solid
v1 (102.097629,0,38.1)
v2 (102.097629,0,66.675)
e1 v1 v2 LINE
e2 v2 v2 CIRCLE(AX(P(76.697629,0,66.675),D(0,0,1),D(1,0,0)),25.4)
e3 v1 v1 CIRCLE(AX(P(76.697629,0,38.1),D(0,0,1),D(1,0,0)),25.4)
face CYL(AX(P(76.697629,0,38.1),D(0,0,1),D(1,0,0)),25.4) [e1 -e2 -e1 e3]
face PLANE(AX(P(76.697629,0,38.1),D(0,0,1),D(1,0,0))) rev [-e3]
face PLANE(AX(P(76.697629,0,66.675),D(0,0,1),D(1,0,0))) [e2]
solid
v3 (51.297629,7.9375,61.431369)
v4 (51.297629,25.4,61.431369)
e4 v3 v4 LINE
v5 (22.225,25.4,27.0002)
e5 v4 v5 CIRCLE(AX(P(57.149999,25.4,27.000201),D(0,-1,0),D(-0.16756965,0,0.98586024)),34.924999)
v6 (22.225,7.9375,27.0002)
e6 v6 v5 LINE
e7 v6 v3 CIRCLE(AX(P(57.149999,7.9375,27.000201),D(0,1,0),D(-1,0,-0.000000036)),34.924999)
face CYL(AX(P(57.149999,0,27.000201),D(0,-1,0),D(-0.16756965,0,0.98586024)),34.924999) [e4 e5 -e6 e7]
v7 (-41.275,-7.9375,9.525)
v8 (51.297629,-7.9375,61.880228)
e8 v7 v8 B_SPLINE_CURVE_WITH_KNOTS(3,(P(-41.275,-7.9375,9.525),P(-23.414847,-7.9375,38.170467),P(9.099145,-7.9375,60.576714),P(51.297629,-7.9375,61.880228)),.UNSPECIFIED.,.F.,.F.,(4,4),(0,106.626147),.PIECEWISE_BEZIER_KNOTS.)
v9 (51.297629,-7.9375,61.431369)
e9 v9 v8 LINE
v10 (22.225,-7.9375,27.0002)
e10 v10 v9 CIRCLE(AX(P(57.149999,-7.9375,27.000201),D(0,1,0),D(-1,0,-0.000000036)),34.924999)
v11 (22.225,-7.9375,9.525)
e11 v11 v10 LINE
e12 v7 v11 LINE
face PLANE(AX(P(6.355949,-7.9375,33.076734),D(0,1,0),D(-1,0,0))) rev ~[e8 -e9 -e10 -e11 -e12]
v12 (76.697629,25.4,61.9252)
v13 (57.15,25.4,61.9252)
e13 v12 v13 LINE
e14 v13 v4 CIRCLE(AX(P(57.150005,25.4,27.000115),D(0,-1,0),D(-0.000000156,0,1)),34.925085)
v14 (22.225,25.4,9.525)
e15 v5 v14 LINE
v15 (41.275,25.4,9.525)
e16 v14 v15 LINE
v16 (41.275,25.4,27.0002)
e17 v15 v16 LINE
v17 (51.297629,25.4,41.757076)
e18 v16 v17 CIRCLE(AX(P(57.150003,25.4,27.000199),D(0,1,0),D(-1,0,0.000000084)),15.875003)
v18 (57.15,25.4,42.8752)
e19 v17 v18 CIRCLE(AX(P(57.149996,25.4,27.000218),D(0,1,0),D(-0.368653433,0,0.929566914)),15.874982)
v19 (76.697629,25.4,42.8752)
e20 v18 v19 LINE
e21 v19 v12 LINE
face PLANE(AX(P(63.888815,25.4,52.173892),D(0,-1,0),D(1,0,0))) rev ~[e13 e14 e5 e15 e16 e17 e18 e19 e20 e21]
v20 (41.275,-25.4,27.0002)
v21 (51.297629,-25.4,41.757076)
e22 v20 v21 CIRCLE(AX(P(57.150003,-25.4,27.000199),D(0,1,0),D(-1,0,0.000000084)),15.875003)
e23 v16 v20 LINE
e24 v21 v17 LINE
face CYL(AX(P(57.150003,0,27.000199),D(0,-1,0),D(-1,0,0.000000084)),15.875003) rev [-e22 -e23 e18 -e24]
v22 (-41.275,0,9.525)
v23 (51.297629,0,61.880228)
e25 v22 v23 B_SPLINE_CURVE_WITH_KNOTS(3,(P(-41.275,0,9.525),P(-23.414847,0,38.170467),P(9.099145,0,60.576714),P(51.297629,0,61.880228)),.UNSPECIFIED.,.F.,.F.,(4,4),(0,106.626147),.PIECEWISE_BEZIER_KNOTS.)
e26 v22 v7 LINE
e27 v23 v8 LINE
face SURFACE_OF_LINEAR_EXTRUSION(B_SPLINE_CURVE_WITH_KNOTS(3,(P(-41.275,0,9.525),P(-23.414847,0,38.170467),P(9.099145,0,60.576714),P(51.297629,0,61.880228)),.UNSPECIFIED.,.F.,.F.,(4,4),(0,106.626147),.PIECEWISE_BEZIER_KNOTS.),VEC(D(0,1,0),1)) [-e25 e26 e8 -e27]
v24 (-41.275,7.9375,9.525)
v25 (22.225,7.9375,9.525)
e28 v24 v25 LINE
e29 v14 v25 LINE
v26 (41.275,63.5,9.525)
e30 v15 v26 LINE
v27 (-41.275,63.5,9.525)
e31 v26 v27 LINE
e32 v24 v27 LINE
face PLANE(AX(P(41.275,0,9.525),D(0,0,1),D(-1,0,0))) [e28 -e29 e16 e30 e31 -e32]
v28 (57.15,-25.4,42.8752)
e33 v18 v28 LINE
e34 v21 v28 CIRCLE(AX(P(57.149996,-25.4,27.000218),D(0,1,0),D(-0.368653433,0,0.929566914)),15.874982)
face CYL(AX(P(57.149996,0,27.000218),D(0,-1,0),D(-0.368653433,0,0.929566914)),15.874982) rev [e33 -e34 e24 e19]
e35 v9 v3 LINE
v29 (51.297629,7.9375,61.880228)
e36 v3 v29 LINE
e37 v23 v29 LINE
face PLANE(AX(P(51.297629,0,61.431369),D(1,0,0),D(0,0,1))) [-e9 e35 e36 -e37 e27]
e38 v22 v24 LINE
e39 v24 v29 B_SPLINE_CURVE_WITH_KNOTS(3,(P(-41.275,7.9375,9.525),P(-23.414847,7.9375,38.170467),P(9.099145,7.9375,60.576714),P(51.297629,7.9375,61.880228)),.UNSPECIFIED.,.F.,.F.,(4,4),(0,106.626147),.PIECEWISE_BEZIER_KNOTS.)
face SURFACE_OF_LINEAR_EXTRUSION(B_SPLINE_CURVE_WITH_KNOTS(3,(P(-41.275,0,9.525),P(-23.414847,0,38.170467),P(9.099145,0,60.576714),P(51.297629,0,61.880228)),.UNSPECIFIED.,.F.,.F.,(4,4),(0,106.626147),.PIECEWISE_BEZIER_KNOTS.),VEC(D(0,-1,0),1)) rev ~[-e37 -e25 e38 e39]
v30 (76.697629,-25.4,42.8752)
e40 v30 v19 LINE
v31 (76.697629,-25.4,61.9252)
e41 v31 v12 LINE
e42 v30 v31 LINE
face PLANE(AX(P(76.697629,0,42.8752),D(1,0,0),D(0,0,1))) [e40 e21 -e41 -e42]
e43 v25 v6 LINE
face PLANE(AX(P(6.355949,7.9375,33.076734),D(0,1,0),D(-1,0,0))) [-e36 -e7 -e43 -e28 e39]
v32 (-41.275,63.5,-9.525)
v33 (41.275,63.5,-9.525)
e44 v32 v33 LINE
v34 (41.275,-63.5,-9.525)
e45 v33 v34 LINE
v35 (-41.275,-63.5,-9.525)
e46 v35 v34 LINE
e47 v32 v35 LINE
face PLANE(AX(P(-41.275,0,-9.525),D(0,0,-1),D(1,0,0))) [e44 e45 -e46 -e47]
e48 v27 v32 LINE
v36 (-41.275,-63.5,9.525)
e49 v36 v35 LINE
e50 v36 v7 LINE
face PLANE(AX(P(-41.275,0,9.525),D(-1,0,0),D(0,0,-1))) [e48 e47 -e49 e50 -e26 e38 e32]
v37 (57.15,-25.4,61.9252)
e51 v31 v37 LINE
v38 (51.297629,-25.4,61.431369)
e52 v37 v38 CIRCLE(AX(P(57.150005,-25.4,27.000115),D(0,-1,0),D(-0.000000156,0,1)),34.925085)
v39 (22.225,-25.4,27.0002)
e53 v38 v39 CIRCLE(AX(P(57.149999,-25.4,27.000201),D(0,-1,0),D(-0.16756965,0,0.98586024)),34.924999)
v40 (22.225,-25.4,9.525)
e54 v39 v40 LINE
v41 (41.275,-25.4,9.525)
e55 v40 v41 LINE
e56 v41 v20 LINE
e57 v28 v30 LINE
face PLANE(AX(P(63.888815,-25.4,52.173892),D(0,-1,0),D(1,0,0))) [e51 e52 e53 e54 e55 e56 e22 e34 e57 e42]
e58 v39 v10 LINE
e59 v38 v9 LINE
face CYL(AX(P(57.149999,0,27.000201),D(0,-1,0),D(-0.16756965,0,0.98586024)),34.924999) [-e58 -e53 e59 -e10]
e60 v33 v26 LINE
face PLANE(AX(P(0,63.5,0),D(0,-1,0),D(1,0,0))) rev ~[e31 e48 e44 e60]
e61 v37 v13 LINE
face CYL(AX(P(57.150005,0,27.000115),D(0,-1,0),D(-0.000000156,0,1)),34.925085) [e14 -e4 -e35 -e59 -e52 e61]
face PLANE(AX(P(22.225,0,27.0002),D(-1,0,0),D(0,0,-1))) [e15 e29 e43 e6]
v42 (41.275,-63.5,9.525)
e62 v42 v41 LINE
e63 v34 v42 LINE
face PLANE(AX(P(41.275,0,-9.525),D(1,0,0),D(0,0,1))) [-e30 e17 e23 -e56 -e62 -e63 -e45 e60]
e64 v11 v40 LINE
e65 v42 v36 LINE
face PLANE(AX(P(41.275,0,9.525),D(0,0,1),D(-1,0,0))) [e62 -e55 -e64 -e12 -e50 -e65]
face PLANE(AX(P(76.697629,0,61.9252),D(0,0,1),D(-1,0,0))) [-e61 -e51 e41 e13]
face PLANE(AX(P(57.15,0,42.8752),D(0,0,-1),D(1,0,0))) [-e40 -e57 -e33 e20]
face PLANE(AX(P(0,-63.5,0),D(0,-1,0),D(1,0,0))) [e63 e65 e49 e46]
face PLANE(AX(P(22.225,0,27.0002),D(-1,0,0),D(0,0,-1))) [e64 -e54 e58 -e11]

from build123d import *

# Parameters (mm, degrees)
F1_DEPTH = 63.5
F2_DEPTH = 25.4
F3_DEPTH = 25.4
F4_DEPTH = 7.9375


with BuildPart() as f1:
    # F0 (on Front) → F1 (new body, symmetric)
    with BuildSketch(Plane.XZ):
        Polygon((22.225, 9.525), (-41.275, 9.525), (-41.275, -9.525), (41.275, -9.525), (41.275, 9.525), align=None)
    extrude(amount=F1_DEPTH, both=True)

    # F0 (on Front) → F2 (join, symmetric)
    with BuildSketch(Plane.XZ):
        with BuildLine():
            Line((22.225, 27.0002), (22.225, 9.525))
            Line((22.225, 9.525), (41.275, 9.525))
            Line((41.275, 9.525), (41.275, 27.0002))
            ThreePointArc((41.275, 27.0002), (44.017559, 35.919539), (51.297629, 41.757076))
            Line((51.297629, 41.757076), (51.297629, 61.431369))
            ThreePointArc((51.297629, 61.431369), (30.465269, 49.531973), (22.225, 27.0002))
        make_face()
    extrude(amount=F2_DEPTH, both=True)

    # F0 (on Front) → F3 (join, symmetric)
    with BuildSketch(Plane.XZ):
        with BuildLine():
            ThreePointArc((57.15, 61.9252), (54.213415, 61.801523), (51.297629, 61.431369))
            Line((51.297629, 61.431369), (51.297629, 41.757076))
            ThreePointArc((51.297629, 41.757076), (54.170887, 42.593164), (57.15, 42.8752))
            Line((57.15, 42.8752), (76.697629, 42.8752))
            Line((76.697629, 42.8752), (76.697629, 61.9252))
            Line((76.697629, 61.9252), (57.15, 61.9252))
        make_face()
    extrude(amount=F3_DEPTH, both=True)

    # F0 (on Front) → F4 (join, symmetric)
    with BuildSketch(Plane.XZ):
        with BuildLine():
            add(Edge.make_bspline(
                [(-41.275, 9.525), (-23.414847, 38.170467), (9.099145, 60.576714), (51.297629, 61.880228)],
                knots=[0, 0, 0, 0, 106.626147, 106.626147, 106.626147, 106.626147], degree=3))
            Line((-41.275, 9.525), (22.225, 9.525))
            Line((22.225, 9.525), (22.225, 27.0002))
            ThreePointArc((22.225, 27.0002), (30.465269, 49.531973), (51.297629, 61.431369))
            Line((51.297629, 61.431369), (51.297629, 61.880228))
        make_face()
    extrude(amount=F4_DEPTH, both=True)


with BuildPart() as f5:
    # F0 (on Front) → F5 (revolve)
    with BuildSketch(Plane.XZ):
        Polygon((102.097629, 66.675), (76.697629, 66.675), (76.697629, 61.9252), (76.697629, 42.8752), (76.697629, 38.1), (102.097629, 38.1), align=None)
    revolve(axis=Axis((76.697629, 0, 52.3875), (0, 0, 1)))


solid = Compound([f1.part, f5.part])
